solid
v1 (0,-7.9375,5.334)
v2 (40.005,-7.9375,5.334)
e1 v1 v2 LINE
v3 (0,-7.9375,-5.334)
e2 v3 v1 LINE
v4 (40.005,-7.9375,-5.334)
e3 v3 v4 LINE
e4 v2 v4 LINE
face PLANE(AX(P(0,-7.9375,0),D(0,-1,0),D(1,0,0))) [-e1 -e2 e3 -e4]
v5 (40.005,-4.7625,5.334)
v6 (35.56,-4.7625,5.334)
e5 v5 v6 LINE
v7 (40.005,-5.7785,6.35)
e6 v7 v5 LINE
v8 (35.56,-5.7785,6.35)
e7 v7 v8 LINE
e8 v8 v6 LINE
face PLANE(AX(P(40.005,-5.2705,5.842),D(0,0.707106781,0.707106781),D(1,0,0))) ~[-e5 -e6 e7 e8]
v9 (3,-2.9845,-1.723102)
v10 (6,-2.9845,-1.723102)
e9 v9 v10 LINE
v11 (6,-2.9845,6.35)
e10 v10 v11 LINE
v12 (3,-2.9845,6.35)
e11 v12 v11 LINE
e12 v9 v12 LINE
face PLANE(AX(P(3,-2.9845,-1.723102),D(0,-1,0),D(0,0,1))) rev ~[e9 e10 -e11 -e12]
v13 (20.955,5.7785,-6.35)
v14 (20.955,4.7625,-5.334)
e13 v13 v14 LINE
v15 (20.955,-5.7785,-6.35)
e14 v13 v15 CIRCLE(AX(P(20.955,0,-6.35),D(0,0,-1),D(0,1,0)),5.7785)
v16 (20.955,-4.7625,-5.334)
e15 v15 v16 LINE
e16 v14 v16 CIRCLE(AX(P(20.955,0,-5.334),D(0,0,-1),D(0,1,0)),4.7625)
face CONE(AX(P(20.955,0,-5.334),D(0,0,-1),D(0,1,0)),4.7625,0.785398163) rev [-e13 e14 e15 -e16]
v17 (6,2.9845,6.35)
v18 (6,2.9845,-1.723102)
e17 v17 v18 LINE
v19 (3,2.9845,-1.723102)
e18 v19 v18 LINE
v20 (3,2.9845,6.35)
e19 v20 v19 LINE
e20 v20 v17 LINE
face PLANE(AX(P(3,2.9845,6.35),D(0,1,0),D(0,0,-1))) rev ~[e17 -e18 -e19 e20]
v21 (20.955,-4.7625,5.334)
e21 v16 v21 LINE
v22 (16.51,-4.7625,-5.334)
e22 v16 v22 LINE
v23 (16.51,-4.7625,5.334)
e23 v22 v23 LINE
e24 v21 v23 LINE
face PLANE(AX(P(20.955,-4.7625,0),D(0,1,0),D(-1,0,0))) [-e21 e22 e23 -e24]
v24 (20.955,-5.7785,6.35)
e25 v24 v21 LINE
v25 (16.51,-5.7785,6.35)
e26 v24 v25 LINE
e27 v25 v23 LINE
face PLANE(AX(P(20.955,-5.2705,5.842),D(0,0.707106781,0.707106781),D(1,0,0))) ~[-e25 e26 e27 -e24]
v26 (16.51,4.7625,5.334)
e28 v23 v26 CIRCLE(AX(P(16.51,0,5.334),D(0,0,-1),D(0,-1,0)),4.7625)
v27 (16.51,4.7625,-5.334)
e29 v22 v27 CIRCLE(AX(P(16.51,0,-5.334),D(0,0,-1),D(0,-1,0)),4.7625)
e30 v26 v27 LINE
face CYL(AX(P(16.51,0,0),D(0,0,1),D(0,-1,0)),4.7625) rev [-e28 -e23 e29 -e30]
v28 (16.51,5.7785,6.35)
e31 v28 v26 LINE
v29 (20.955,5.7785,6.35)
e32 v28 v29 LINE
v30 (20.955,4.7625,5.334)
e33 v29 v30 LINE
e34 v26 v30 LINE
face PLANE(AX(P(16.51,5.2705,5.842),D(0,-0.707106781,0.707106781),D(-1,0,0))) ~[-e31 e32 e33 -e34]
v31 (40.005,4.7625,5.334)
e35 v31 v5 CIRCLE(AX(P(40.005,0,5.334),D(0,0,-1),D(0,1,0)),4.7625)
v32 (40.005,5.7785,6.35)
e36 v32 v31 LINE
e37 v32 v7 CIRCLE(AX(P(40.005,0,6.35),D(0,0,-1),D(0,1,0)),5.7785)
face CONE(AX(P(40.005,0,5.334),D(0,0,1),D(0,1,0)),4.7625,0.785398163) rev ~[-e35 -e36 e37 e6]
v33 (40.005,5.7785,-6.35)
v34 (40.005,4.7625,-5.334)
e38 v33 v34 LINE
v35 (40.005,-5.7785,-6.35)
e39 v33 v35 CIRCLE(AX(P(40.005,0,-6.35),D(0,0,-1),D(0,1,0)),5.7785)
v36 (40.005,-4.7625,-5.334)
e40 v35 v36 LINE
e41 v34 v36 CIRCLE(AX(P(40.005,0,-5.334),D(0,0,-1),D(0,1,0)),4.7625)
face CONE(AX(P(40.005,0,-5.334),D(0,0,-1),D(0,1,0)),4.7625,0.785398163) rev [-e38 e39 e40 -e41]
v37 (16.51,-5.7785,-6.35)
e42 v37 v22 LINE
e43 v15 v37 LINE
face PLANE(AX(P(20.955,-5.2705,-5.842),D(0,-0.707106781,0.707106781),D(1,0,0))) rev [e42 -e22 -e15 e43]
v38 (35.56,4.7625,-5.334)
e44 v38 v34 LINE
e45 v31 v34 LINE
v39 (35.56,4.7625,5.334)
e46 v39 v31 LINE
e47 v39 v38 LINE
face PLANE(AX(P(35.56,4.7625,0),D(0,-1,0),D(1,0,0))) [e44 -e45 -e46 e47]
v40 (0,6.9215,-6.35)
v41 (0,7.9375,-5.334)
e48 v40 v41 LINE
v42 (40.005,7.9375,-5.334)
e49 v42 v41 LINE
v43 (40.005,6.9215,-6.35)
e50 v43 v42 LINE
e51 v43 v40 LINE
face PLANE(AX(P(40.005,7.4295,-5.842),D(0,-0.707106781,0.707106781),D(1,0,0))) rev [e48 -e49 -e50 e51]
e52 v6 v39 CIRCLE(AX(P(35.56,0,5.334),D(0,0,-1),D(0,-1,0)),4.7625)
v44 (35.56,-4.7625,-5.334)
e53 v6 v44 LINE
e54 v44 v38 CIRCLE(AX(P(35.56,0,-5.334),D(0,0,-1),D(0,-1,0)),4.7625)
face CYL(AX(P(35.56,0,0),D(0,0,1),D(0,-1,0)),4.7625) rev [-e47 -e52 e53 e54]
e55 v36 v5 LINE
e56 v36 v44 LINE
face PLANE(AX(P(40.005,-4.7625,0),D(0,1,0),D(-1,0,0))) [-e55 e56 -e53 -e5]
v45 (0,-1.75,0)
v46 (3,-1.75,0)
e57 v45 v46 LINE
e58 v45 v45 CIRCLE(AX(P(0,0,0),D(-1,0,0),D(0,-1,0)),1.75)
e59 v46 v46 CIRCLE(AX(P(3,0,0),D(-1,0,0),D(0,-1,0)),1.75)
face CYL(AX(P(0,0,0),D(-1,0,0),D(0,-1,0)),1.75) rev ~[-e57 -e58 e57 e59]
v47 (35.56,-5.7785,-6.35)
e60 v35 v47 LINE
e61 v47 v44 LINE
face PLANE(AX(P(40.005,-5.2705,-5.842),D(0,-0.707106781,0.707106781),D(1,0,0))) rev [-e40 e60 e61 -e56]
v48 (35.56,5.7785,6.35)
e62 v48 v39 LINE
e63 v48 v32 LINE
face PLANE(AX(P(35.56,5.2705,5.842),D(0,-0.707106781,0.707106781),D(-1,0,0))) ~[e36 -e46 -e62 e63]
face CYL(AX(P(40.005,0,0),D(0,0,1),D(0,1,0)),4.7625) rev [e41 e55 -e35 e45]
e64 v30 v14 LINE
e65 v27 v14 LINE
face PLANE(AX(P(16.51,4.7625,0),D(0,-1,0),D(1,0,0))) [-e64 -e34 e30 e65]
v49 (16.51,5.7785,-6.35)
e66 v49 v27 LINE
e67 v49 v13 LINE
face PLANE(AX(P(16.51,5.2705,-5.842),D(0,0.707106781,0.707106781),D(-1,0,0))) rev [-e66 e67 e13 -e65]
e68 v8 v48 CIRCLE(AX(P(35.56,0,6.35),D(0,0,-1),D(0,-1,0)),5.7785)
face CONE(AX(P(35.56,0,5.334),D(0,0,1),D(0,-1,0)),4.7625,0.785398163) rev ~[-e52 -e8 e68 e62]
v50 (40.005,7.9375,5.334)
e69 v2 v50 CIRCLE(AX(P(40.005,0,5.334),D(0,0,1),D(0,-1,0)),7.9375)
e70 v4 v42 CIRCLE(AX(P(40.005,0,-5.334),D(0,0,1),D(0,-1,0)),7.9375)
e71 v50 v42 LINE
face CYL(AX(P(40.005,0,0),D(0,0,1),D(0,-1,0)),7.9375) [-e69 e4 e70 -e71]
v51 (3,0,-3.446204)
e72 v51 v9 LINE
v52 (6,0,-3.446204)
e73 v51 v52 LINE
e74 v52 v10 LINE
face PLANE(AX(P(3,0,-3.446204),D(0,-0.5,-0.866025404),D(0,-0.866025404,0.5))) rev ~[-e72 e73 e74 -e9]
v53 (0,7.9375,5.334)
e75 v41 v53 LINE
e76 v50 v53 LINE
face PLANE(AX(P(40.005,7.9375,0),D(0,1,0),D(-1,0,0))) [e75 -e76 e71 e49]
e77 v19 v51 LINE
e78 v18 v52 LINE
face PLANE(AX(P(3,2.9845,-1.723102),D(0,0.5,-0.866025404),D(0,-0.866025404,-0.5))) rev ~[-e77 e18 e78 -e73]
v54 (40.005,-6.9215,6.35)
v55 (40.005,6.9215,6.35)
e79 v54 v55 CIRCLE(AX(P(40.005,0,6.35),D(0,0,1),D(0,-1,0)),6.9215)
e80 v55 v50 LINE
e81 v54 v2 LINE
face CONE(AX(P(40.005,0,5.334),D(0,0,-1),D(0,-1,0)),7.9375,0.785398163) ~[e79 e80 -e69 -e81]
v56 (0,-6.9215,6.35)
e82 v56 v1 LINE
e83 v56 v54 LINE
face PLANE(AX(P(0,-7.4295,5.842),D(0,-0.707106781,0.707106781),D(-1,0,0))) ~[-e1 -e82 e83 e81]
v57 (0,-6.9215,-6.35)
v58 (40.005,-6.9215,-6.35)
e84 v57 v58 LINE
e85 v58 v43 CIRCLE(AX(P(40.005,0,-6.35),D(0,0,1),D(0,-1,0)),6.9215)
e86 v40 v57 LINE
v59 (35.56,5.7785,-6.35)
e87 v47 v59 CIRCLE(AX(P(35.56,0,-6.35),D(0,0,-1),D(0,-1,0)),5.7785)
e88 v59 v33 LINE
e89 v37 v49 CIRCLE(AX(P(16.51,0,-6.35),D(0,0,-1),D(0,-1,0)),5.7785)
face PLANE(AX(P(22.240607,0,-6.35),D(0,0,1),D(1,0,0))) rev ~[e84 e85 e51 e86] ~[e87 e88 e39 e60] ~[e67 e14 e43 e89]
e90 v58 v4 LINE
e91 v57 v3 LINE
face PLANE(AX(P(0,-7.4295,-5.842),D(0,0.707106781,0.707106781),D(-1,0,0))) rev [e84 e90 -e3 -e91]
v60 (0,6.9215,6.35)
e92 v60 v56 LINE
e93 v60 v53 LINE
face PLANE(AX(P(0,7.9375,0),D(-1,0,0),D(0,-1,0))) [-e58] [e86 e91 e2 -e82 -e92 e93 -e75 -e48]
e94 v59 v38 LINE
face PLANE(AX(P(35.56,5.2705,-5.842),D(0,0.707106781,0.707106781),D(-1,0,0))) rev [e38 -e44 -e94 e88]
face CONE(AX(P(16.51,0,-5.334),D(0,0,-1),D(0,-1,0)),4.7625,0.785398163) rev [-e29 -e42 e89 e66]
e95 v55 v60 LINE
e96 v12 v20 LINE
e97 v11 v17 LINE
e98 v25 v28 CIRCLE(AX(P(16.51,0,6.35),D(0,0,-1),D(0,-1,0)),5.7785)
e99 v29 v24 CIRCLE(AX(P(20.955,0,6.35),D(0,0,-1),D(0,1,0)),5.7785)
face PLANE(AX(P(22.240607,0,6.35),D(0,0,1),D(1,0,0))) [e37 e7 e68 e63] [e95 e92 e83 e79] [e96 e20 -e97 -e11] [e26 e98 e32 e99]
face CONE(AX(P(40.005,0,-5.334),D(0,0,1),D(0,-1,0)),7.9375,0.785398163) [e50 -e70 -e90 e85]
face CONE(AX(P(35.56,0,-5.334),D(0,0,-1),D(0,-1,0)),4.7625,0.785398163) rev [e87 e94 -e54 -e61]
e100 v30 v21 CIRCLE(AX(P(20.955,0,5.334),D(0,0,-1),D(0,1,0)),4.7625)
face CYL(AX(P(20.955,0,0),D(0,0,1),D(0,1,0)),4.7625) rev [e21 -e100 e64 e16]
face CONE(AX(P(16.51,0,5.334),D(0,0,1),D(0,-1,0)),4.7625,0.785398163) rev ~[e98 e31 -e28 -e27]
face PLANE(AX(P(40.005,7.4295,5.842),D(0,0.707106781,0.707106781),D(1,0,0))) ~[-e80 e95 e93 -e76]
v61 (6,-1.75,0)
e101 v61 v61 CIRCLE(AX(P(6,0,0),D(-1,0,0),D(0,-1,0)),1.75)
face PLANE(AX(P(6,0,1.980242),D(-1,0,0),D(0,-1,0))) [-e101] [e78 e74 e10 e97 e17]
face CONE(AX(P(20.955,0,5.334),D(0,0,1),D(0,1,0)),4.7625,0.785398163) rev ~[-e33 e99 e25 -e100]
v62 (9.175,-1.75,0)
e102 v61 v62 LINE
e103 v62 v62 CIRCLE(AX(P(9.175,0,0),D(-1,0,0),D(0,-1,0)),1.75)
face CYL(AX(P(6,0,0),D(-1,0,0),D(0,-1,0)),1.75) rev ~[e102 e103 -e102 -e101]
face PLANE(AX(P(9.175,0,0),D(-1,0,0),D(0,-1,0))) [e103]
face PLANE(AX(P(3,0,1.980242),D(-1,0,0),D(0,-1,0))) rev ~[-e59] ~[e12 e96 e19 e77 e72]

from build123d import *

# Parameters (mm, degrees)
F1_DEPTH = 6.35
F2_R     = 1.75
F3_DEPTH = 3
F5_DEPTH = 3
F6_R     = 1.75
F7_DEPTH = 3.175
F8_SIZE  = 1.016


with BuildPart() as f1:
    # F0 (on Top) → F1 (new body, symmetric)
    with BuildSketch(Plane.XY):
        with BuildLine():
            Line((40.005, 7.9375), (0, 7.9375))
            Line((0, 7.9375), (0, -7.9375))
            Line((0, -7.9375), (40.005, -7.9375))
            ThreePointArc((40.005, -7.9375), (47.9425, 0), (40.005, 7.9375))
        make_face()
        with BuildLine():
            Line((20.955, -4.7625), (16.51, -4.7625))
            ThreePointArc((16.51, -4.7625), (11.7475, 0), (16.51, 4.7625))
            Line((16.51, 4.7625), (20.955, 4.7625))
            ThreePointArc((20.955, 4.7625), (25.7175, 0), (20.955, -4.7625))
        make_face(mode=Mode.SUBTRACT)
        with BuildLine():
            Line((40.005, -4.7625), (35.56, -4.7625))
            ThreePointArc((35.56, -4.7625), (30.7975, 0), (35.56, 4.7625))
            Line((35.56, 4.7625), (40.005, 4.7625))
            ThreePointArc((40.005, 4.7625), (44.7675, 0), (40.005, -4.7625))
        make_face(mode=Mode.SUBTRACT)
    extrude(amount=F1_DEPTH, both=True)

    # F2 (on face) → F3 (cut)
    with BuildSketch(Plane(origin=(0, 0, 0), x_dir=(0, -1, 0), z_dir=(-1, 0, 0))):
        Circle(F2_R)
    extrude(amount=-F3_DEPTH, mode=Mode.SUBTRACT)

    # F4 (on face) → F5 (cut)
    with BuildSketch(Plane(origin=(3, 0, 0), x_dir=(0, -1, 0), z_dir=(-1, 0, 0))):
        Polygon((2.9845, -1.7231018784), (2.9845, 1.7231018784), (2.9845, 6.35), (-2.9845, 6.35), (-2.9845, 1.7231018784), (-2.9845, -1.7231018784), (0, -3.4462037568), align=None)
    extrude(amount=-F5_DEPTH, mode=Mode.SUBTRACT)

    # F6 (on face) → F7 (cut)
    with BuildSketch(Plane(origin=(6, 0, 0), x_dir=(0, -1, 0), z_dir=(-1, 0, 0))):
        Circle(F6_R)
    extrude(amount=-F7_DEPTH, mode=Mode.SUBTRACT)

    # F8
    f8_edges = [f1.edges().sort_by_distance(p)[0] for p in [
        (20.0025, -7.9375, 6.35),
        (20.0025, -7.9375, -6.35),
        (25.7175, 0, 6.35),
        (30.7975, 0, 6.35),
        (30.7975, 0, -6.35),
        (25.7175, 0, -6.35),
    ]]
    chamfer(f8_edges, length=F8_SIZE)


solid = f1.part
